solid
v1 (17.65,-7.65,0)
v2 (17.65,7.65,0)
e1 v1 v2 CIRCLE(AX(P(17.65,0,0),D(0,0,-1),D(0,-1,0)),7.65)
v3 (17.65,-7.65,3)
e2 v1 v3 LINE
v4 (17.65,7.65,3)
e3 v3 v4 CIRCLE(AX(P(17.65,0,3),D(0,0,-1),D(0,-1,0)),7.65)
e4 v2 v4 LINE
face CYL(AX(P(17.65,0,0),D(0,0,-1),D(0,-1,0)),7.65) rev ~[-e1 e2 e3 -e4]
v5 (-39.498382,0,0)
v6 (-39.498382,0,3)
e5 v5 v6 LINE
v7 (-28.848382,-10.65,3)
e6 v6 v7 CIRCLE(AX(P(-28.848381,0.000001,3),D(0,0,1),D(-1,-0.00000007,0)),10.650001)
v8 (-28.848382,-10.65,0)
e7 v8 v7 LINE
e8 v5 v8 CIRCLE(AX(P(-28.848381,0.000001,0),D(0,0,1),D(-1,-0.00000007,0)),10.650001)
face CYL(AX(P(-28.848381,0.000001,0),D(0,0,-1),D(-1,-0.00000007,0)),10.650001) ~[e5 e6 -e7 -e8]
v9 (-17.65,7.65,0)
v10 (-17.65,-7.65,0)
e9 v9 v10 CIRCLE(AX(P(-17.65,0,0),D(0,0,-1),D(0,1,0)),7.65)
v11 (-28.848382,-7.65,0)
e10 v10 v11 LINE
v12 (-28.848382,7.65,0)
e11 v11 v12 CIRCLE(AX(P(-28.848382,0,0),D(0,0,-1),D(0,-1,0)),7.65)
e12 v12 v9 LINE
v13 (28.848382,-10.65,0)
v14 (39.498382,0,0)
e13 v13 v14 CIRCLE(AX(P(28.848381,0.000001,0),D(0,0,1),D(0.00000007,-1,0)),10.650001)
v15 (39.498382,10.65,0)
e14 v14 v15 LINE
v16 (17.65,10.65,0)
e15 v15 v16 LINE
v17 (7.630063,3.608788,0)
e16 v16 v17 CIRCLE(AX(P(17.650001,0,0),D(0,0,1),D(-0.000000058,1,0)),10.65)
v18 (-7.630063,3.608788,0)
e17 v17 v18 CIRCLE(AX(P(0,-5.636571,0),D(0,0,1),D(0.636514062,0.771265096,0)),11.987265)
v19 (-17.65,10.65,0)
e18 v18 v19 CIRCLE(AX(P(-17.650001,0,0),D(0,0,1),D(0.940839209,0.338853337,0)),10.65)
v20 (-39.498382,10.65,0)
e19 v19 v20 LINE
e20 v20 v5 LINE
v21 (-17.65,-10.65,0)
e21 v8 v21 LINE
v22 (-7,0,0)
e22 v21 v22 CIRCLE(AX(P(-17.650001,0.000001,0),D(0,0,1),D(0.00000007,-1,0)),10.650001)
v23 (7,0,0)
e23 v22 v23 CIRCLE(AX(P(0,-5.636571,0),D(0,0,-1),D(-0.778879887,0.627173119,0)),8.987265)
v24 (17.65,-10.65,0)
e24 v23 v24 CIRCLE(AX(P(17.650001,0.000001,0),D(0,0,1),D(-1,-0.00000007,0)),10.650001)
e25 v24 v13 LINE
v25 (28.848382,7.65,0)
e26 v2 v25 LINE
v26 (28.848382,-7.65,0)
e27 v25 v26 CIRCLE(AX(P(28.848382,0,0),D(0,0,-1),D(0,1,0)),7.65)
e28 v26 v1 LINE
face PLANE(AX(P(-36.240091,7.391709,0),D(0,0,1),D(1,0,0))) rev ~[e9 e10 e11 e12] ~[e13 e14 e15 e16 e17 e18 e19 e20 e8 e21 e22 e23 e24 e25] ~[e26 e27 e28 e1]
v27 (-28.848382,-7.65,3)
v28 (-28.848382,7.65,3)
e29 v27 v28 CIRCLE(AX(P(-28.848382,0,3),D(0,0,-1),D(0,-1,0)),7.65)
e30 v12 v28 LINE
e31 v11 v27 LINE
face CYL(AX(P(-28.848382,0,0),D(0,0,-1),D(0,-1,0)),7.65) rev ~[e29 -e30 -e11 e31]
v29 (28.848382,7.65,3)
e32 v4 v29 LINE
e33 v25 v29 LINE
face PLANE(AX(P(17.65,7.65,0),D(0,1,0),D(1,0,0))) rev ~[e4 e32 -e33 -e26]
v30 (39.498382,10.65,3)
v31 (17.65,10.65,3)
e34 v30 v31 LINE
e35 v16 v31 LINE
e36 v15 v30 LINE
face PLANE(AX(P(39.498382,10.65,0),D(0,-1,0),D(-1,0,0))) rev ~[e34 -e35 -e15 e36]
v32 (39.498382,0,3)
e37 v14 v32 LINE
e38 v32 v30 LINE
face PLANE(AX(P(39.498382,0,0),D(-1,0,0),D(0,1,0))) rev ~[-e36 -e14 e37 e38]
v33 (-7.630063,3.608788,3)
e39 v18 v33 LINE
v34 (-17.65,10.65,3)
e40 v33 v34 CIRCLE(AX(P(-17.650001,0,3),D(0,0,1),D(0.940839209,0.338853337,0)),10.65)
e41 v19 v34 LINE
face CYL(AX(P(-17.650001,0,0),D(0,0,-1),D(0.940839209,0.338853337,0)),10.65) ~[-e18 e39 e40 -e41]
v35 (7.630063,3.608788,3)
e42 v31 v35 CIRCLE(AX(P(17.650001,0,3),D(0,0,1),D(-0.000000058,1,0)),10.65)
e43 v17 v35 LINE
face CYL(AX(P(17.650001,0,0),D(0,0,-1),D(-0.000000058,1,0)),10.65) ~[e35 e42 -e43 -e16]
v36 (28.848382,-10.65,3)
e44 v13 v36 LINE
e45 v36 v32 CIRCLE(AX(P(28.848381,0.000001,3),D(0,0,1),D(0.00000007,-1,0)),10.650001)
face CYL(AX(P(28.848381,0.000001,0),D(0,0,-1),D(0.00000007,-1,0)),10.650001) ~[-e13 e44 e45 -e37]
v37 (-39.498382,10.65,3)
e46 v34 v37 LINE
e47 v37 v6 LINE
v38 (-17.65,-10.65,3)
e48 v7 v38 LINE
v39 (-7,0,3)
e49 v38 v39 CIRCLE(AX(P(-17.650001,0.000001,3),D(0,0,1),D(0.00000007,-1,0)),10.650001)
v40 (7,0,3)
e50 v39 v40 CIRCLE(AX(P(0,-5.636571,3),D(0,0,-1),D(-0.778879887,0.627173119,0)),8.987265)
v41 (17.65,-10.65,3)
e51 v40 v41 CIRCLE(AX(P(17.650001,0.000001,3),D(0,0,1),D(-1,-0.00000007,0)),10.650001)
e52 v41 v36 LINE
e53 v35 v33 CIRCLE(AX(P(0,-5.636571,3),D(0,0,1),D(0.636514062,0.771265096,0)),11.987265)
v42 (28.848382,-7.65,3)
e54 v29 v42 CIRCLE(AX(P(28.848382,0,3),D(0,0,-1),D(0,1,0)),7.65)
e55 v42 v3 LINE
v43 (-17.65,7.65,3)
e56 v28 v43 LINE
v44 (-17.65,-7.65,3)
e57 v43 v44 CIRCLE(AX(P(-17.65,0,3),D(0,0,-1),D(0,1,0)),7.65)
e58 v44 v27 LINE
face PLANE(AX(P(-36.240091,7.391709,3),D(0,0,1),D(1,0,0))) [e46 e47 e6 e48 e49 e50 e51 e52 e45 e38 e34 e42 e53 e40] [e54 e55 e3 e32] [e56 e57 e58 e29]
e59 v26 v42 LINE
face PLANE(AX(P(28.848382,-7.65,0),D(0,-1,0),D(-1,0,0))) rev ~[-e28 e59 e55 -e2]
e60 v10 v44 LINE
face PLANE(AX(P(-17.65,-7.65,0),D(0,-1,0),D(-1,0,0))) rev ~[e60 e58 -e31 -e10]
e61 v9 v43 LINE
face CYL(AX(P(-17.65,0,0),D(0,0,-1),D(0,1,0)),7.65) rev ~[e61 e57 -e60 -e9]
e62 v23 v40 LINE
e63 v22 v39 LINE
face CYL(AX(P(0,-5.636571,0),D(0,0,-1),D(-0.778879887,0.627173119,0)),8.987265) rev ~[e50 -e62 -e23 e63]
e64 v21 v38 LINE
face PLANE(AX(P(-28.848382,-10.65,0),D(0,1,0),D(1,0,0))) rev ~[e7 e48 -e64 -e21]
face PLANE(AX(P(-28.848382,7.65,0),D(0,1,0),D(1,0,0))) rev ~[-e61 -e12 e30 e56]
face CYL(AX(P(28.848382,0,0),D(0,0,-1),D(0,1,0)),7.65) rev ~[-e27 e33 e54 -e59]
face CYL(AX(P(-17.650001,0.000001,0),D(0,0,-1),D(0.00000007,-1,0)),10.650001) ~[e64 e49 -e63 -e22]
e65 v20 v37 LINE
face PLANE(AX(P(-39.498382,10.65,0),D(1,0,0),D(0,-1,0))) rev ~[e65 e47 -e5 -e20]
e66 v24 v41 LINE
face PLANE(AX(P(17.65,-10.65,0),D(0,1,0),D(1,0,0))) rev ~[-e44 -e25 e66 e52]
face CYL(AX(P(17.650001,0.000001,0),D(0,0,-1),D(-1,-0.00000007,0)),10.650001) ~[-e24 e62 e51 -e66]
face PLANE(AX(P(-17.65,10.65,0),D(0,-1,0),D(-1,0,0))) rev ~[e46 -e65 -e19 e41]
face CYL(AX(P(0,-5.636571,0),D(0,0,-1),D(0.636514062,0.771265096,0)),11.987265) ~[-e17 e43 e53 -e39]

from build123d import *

# Parameters (mm, degrees)
F1_DEPTH = 3


with BuildPart() as f1:
    # F0 (on Top) → F1 (new body)
    with BuildSketch(Plane.XY):
        with BuildLine():
            ThreePointArc((-39.498382, 0), (-36.379069, 7.530687), (-28.848382, 10.65))
            Line((-28.848382, 10.65), (-39.498382, 10.65))
            Line((-39.498382, 10.65), (-39.498382, 0))
        make_face()
        with BuildLine():
            Line((-17.65, 10.65), (-28.848382, 10.65))
            ThreePointArc((-28.848382, 10.65), (-36.379069, 7.530687), (-39.498382, 0))
            ThreePointArc((-39.498382, 0), (-36.379069, -7.530687), (-28.848382, -10.65))
            Line((-28.848382, -10.65), (-17.65, -10.65))
            ThreePointArc((-17.65, -10.65), (-10.119313, -7.530687), (-7, 0))
            ThreePointArc((-7, 0), (-7.158698, 1.831689), (-7.630063, 3.608788))
            ThreePointArc((-7.630063, 3.608788), (-11.526729, 8.71367), (-17.65, 10.65))
        make_face()
        with BuildLine():
            ThreePointArc((-17.65, 7.65), (-10, 0), (-17.65, -7.65))
            Line((-17.65, -7.65), (-28.848382, -7.65))
            ThreePointArc((-28.848382, -7.65), (-36.498382, 0), (-28.848382, 7.65))
            Line((-28.848382, 7.65), (-17.65, 7.65))
        make_face(mode=Mode.SUBTRACT)
        with BuildLine():
            ThreePointArc((7.630063, 3.608788), (0, 6.350694), (-7.630063, 3.608788))
            ThreePointArc((-7.630063, 3.608788), (-7.158698, 1.831689), (-7, 0))
            ThreePointArc((-7, 0), (0, 3.350694), (7, 0))
            ThreePointArc((7, 0), (7.158698, 1.831689), (7.630063, 3.608788))
        make_face()
        with BuildLine():
            ThreePointArc((17.65, 10.65), (11.526729, 8.71367), (7.630063, 3.608788))
            ThreePointArc((7.630063, 3.608788), (7.158698, 1.831689), (7, 0))
            ThreePointArc((7, 0), (10.119313, -7.530687), (17.65, -10.65))
            Line((17.65, -10.65), (28.848382, -10.65))
            ThreePointArc((28.848382, -10.65), (36.379069, -7.530687), (39.498382, 0))
            ThreePointArc((39.498382, 0), (36.379069, 7.530687), (28.848382, 10.65))
            Line((28.848382, 10.65), (17.65, 10.65))
        make_face()
        with BuildLine():
            Line((28.848382, -7.65), (17.65, -7.65))
            ThreePointArc((17.65, -7.65), (10, 0), (17.65, 7.65))
            Line((17.65, 7.65), (28.848382, 7.65))
            ThreePointArc((28.848382, 7.65), (36.498382, 0), (28.848382, -7.65))
        make_face(mode=Mode.SUBTRACT)
        with BuildLine():
            Line((39.498382, 10.65), (28.848382, 10.65))
            ThreePointArc((28.848382, 10.65), (36.379069, 7.530687), (39.498382, 0))
            Line((39.498382, 0), (39.498382, 10.65))
        make_face()
    extrude(amount=F1_DEPTH)


solid = f1.part
